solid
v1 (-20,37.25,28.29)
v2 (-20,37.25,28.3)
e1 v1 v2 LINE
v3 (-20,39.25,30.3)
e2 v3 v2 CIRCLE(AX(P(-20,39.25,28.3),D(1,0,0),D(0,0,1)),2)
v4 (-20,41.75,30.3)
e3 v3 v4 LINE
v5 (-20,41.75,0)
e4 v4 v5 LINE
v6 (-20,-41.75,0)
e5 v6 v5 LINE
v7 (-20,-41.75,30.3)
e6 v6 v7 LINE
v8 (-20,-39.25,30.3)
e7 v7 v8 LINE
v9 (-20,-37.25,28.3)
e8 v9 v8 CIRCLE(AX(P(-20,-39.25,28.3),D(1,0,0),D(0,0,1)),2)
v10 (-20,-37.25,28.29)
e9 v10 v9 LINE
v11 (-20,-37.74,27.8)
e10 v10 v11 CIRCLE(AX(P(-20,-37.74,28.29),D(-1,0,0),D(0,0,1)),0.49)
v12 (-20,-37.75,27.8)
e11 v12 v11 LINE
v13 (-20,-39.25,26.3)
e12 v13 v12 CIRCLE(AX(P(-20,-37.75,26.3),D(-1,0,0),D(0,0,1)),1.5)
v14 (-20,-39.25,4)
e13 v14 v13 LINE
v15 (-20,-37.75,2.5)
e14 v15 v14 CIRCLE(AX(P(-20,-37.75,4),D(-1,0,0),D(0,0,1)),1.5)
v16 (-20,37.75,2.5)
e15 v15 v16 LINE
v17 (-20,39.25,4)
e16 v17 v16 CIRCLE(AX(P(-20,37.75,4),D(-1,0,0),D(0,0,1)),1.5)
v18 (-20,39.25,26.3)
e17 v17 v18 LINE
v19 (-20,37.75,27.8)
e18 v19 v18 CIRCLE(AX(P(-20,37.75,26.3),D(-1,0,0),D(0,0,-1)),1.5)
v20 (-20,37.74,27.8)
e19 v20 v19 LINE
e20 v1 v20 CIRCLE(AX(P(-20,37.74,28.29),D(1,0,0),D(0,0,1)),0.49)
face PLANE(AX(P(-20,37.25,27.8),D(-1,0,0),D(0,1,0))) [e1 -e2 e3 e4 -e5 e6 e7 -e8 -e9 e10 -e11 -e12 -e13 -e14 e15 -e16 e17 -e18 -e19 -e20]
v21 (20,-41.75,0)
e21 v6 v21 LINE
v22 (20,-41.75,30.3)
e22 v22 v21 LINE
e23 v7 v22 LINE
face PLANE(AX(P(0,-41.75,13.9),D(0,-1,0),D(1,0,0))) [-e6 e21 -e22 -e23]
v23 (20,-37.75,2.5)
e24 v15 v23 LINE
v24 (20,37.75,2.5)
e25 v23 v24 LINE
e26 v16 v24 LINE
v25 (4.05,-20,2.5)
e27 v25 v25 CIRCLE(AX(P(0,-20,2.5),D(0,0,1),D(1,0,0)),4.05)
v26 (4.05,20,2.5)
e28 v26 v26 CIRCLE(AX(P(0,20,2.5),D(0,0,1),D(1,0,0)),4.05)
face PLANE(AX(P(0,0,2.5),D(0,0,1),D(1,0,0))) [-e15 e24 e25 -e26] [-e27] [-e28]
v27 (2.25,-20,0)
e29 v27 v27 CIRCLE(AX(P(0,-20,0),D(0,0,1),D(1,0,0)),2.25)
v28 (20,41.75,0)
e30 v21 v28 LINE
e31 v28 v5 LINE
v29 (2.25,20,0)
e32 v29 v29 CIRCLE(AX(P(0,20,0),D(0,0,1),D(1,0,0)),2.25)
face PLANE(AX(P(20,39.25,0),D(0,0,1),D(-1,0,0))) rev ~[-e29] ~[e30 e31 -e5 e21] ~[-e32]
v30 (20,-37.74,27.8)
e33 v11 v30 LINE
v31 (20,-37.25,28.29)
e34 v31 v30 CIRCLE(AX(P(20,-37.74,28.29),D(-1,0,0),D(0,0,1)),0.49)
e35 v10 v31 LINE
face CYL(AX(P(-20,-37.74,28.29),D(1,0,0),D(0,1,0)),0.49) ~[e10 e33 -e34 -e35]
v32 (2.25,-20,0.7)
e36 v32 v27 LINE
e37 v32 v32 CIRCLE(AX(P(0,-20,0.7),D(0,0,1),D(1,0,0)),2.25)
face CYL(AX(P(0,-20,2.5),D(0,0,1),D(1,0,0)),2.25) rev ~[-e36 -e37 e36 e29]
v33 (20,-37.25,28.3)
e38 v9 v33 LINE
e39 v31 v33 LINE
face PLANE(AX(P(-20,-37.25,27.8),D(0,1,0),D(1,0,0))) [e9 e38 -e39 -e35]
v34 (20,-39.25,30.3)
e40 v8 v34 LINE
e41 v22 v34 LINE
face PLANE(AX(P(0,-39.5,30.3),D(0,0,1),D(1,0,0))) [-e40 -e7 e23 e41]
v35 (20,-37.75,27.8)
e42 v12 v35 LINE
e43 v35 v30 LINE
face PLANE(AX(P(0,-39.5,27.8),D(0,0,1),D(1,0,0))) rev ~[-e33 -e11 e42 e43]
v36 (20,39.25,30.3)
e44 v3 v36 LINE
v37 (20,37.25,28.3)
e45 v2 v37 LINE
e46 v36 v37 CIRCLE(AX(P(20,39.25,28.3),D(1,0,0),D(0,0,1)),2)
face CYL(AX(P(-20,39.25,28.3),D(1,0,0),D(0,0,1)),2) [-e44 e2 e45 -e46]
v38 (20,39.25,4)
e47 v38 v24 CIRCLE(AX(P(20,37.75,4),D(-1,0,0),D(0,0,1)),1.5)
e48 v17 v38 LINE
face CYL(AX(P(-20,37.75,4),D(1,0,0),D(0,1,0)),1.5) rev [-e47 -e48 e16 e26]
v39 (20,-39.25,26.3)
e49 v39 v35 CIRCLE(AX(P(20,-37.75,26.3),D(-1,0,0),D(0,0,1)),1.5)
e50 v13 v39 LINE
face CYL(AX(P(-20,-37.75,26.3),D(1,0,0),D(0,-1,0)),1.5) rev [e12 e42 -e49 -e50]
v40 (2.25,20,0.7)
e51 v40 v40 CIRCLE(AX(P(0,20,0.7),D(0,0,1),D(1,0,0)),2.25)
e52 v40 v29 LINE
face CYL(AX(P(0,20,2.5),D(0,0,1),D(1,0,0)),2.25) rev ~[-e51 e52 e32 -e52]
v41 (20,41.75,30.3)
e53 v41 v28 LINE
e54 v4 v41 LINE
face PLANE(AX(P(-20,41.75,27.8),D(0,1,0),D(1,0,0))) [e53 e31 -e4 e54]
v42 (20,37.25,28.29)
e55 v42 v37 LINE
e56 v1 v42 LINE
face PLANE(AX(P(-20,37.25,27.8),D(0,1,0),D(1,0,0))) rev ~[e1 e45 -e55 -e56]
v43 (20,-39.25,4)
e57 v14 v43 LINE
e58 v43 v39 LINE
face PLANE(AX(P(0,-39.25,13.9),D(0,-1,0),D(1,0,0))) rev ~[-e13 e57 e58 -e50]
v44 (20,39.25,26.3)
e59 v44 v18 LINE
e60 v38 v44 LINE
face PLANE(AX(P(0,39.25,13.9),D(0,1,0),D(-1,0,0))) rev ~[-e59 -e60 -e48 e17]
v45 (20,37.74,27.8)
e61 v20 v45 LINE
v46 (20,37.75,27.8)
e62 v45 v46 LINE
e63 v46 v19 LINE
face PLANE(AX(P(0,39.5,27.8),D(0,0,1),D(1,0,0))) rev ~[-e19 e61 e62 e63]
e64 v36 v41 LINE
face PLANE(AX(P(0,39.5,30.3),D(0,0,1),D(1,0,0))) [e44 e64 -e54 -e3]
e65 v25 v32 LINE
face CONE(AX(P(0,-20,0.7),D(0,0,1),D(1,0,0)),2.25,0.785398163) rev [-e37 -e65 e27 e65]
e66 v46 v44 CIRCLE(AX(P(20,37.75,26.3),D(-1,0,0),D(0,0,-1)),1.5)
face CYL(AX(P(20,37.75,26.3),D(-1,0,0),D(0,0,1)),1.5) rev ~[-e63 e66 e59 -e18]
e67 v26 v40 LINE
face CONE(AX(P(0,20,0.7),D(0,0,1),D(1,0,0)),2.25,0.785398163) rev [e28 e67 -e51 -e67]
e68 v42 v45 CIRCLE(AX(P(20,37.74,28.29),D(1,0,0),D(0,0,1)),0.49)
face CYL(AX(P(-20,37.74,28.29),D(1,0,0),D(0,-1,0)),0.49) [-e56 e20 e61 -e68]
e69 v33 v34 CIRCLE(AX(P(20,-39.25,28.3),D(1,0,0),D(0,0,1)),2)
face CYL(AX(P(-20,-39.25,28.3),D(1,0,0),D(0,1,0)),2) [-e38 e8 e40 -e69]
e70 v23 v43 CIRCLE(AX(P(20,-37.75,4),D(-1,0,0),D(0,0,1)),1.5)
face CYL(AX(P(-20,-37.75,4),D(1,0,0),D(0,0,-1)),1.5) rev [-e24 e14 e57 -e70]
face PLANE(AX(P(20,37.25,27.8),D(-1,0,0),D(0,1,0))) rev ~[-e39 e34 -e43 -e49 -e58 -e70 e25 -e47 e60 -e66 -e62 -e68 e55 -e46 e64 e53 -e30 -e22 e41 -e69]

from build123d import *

# Parameters (mm, degrees)
SKETCH_W     = 40
SKETCH_H     = 78.5
PAD_DEPTH    = 2.5
SKETCH001_W  = 40
SKETCH001_H  = 27.8
PAD001_DEPTH = 2.5
SKETCH002_W  = 40
SKETCH002_H  = 27.8
PAD002_DEPTH = 2.5
SKETCH003_W  = 40
SKETCH003_H  = 4.5
PAD003_DEPTH = 2.5
FILLET_R     = 1.5
FILLET001_R  = 2
FILLET002_R  = 0.49
SKETCH004_R  = 2.25
POCKET_DEPTH = 5
CHAMFER_SIZE = 1.8


with BuildPart() as part:
    # Sketch → Pad (new body)
    with BuildSketch(Plane.XY):
        Rectangle(SKETCH_W, SKETCH_H)
    extrude(amount=PAD_DEPTH)

    # Sketch001 (on Face3 of Pad) → Pad001 (join)
    with BuildSketch(Plane.XZ.offset(39.25)):
        with Locations((0, 13.9)):
            Rectangle(SKETCH001_W, SKETCH001_H)
    extrude(amount=PAD001_DEPTH)

    # Sketch002 (on Face1 of Pad001) → Pad002 (join)
    with BuildSketch(Plane(origin=(0, 39.25, 0), x_dir=(-1, 0, 0), z_dir=(0, 1, 0))):
        with Locations((0, 13.9)):
            Rectangle(SKETCH002_W, SKETCH002_H)
    extrude(amount=PAD002_DEPTH)

    # Sketch003 (on Face6 of Pad002) → Pad003 (join)
    with BuildSketch(Plane.XY.offset(27.8)):
        with Locations((0, 39.5)):
            Rectangle(SKETCH003_W, SKETCH003_H)
        with Locations((0, -39.5)):
            Rectangle(SKETCH003_W, SKETCH003_H)
    extrude(amount=PAD003_DEPTH)

    # Fillet
    fillet_edges = [part.edges().sort_by_distance(p)[0] for p in [
        (0, -39.25, 2.5),
        (0, 39.25, 2.5),
        (0, 39.25, 27.8),
        (0, -39.25, 27.8),
    ]]
    fillet(fillet_edges, radius=FILLET_R)

    # Fillet001
    fillet001_edges = [part.edges().sort_by_distance(p)[0] for p in [
        (0, 37.25, 30.3),
        (0, -37.25, 30.3),
    ]]
    fillet(fillet001_edges, radius=FILLET001_R)

    # Fillet002
    fillet002_edges = [part.edges().sort_by_distance(p)[0] for p in [
        (0, 37.25, 27.8),
        (0, -37.25, 27.8),
    ]]
    fillet(fillet002_edges, radius=FILLET002_R)

    # Sketch004 (on Face17 of Fillet002) → Pocket (cut)
    with BuildSketch(Plane.XY.offset(2.5)):
        with Locations((0, 20)):
            Circle(SKETCH004_R)
        with Locations((0, -20)):
            Circle(SKETCH004_R)
    extrude(amount=-POCKET_DEPTH, mode=Mode.SUBTRACT)

    # Chamfer
    chamfer_edges = [part.edges().sort_by_distance(p)[0] for p in [
        (-2.25, -20, 2.5),
        (-2.25, 20, 2.5),
    ]]
    chamfer(chamfer_edges, length=CHAMFER_SIZE)


solid = part.part
